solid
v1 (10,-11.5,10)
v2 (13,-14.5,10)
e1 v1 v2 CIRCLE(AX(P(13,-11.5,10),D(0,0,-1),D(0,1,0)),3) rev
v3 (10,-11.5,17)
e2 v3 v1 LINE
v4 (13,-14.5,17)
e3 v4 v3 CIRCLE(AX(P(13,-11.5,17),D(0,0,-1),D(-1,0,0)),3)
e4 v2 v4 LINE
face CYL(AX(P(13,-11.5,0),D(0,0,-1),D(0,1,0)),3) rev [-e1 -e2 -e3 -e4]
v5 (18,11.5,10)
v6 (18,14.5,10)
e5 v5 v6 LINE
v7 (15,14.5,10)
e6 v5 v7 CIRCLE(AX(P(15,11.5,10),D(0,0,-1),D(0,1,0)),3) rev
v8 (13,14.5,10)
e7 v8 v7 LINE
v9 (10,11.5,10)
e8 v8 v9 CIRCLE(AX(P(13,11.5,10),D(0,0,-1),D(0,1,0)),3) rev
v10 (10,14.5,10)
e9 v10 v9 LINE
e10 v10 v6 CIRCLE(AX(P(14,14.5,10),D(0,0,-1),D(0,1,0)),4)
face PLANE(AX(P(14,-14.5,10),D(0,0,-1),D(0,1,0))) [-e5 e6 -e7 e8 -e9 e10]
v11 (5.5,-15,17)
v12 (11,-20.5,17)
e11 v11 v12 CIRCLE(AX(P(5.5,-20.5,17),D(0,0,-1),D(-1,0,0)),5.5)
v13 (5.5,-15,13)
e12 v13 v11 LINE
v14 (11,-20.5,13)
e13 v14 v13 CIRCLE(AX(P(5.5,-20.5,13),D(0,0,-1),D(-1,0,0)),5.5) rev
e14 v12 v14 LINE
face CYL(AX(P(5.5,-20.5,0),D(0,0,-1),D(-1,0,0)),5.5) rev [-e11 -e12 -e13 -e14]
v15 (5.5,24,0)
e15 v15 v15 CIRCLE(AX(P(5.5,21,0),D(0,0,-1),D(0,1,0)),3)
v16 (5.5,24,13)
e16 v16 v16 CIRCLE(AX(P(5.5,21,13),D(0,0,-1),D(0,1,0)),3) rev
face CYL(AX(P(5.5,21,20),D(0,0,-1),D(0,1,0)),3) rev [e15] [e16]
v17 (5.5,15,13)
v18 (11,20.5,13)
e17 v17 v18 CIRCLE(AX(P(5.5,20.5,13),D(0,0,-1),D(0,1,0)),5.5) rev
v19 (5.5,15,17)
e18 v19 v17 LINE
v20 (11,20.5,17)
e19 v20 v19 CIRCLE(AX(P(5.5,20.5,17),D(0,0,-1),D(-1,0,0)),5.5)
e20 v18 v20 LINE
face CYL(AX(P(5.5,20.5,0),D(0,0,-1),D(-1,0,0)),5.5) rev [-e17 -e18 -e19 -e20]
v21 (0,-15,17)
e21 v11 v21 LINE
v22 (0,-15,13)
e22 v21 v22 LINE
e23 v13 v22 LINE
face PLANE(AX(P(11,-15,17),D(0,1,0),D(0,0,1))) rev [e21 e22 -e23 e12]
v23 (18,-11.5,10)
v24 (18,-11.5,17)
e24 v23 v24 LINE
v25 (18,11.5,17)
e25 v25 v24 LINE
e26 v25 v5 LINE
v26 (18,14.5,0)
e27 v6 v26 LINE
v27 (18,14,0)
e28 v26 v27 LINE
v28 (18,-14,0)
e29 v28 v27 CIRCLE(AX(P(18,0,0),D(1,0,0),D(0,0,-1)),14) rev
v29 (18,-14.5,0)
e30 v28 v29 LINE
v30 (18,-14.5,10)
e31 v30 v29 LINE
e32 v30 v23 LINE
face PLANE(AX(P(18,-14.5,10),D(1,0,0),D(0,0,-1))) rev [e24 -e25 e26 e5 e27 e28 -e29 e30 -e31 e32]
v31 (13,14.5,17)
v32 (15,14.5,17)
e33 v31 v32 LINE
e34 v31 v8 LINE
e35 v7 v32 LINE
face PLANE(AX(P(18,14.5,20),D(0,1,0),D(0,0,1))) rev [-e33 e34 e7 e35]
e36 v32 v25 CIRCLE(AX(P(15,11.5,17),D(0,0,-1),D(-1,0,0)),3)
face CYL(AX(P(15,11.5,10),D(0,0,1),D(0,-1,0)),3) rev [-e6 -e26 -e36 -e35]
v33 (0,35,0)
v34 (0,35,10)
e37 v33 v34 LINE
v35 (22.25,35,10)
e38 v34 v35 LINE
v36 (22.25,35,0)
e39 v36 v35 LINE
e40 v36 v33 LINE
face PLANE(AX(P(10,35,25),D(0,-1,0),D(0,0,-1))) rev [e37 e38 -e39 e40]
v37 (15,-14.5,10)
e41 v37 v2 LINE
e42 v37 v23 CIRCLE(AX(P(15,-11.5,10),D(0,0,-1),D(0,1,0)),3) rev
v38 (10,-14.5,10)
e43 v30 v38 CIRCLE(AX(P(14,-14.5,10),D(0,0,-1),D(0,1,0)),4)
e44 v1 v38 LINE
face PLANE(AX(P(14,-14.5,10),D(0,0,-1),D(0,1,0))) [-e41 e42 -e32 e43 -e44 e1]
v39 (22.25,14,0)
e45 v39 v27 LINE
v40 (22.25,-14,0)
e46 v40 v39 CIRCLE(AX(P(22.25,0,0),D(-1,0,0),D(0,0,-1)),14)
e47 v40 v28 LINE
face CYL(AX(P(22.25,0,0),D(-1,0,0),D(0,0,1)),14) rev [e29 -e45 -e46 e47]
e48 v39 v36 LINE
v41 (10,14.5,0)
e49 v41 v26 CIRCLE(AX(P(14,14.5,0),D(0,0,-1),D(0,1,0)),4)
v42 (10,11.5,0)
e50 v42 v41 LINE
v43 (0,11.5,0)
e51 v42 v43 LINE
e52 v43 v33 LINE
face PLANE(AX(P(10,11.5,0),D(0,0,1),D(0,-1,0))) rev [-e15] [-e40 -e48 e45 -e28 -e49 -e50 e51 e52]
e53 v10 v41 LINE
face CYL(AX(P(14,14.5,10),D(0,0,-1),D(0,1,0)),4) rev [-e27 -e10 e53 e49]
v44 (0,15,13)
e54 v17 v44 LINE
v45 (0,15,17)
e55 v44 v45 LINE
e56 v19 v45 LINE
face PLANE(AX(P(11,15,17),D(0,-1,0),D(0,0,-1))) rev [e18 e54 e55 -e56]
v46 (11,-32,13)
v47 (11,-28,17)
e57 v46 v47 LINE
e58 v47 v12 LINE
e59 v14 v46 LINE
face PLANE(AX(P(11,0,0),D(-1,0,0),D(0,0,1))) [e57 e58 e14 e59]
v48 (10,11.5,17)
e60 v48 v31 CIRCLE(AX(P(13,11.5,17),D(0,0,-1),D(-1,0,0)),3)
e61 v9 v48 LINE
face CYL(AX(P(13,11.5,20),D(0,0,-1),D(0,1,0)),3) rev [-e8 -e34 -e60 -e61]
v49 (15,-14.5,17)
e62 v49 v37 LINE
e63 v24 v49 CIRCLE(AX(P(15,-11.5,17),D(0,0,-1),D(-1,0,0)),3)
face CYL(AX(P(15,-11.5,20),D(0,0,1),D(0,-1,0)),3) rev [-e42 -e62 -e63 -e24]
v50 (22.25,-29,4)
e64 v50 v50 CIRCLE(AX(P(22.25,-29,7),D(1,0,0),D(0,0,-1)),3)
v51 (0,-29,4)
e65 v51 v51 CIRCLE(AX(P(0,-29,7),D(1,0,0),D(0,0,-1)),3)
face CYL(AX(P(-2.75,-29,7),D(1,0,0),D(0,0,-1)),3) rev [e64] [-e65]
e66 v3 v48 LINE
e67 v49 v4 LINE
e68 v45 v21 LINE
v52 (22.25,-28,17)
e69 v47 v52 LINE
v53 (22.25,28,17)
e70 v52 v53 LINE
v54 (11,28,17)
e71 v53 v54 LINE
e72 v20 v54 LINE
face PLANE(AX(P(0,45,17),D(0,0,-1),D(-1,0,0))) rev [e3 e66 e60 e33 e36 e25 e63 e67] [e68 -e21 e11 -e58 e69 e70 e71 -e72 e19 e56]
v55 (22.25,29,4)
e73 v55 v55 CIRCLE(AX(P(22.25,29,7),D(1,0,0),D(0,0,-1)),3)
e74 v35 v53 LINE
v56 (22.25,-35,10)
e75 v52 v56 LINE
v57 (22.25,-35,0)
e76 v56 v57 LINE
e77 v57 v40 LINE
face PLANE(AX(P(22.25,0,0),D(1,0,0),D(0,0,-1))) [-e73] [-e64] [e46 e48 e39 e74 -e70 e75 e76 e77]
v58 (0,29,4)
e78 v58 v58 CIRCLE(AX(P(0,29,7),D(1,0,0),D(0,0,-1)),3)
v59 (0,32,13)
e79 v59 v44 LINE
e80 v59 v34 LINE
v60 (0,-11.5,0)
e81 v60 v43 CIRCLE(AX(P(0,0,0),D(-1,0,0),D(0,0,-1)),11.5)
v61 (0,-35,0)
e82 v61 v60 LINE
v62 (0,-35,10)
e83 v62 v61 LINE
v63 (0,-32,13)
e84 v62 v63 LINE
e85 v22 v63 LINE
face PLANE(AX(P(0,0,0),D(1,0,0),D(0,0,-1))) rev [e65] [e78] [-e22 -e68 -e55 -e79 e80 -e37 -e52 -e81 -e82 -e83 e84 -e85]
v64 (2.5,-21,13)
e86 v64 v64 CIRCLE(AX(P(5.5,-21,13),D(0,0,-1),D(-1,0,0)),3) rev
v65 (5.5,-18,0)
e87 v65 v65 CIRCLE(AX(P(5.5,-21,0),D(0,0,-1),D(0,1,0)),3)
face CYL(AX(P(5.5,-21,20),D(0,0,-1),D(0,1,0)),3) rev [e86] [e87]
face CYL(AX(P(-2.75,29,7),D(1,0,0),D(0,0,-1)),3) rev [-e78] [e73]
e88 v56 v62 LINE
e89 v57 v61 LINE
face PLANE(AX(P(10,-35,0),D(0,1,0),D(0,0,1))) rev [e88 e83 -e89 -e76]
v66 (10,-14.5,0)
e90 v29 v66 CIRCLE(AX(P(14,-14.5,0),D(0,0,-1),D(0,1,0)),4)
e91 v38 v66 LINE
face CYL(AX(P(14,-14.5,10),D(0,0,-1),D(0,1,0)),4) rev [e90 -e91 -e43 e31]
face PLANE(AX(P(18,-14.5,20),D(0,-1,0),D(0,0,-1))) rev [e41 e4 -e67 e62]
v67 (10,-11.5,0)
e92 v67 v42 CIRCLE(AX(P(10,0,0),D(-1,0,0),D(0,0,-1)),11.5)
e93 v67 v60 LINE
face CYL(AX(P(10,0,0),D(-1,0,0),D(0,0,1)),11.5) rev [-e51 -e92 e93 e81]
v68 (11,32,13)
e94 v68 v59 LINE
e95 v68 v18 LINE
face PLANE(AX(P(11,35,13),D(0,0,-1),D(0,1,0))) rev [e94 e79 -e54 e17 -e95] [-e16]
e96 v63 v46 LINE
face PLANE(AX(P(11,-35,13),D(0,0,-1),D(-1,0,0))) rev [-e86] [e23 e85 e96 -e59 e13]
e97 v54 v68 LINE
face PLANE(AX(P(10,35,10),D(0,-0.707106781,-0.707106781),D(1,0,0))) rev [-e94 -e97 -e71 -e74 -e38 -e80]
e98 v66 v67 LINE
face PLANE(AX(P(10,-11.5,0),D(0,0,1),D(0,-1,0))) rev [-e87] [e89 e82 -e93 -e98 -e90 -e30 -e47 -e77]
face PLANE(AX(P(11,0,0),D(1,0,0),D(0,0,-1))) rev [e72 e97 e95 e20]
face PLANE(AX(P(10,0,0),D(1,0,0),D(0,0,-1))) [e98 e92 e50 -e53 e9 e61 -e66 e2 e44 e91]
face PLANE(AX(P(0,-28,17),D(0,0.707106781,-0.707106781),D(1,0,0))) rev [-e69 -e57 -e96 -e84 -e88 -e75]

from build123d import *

# Parameters (mm, degrees)
BOSS_EXTRUDE1_DEPTH = 10
BOSS_EXTRUDE2_DEPTH = 12.25
SKETCH3_W           = 22.25
SKETCH3_H           = 8
CUT_EXTRUDE1_DEPTH  = 80
SKETCH8_R           = 3
CUT_EXTRUDE4_DEPTH  = 25
CUT_EXTRUDE2_DEPTH  = 10
SKETCH7_W           = 8
SKETCH7_H           = 29
CUT_EXTRUDE3_DEPTH  = 10
FILLET1_R           = 3
SKETCH19_R          = 3
CUT_EXTRUDE5_DEPTH  = 20
SKETCH21_W          = 4
SKETCH21_H          = 20
CUT_EXTRUDE6_DEPTH  = 11
FILLET2_R           = 5.5
CHAMFER1_SIZE       = 7


with BuildPart() as part:
    # Sketch1 → Boss-Extrude1 (new body)
    with BuildSketch(Plane(origin=(0, 0, 0), x_dir=(0, 0, -1), z_dir=(1, 0, 0))):
        with BuildLine():
            Line((0, 11.5), (0, 35))
            Line((0, 35), (-25, 35))
            Line((-25, 35), (-25, -35))
            Line((-25, -35), (0, -35))
            Line((0, -35), (0, -11.5))
            ThreePointArc((0, -11.5), (-11.5, 0), (0, 11.5))
        make_face()
    extrude(amount=BOSS_EXTRUDE1_DEPTH)

    # Sketch2 → Boss-Extrude2 (add)
    with BuildSketch(Plane(origin=(10, 0, 0), x_dir=(0, 0, -1), z_dir=(1, 0, 0))):
        with BuildLine():
            Line((0, -14), (0, -35))
            Line((0, -35), (-25, -35))
            Line((-25, -35), (-25, 35))
            Line((-25, 35), (0, 35))
            Line((0, 35), (0, 14))
            ThreePointArc((0, 14), (-14, 0), (0, -14))
        make_face()
    extrude(amount=BOSS_EXTRUDE2_DEPTH)

    # Sketch3 → Cut-Extrude1 (cut)
    with BuildSketch(Plane.XZ.offset(35)):
        with Locations((11.125, 21)):
            Rectangle(SKETCH3_W, SKETCH3_H)
    extrude(amount=-CUT_EXTRUDE1_DEPTH, mode=Mode.SUBTRACT)

    # Sketch8 → Cut-Extrude4 (cut)
    with BuildSketch(Plane(origin=(22.25, 0, 0), x_dir=(0, 0, -1), z_dir=(1, 0, 0))):
        with Locations((-7, -29)):
            Circle(SKETCH8_R)
        with Locations((-7, 29)):
            Circle(SKETCH8_R)
    extrude(amount=-CUT_EXTRUDE4_DEPTH, mode=Mode.SUBTRACT)

    # Sketch6 → Cut-Extrude2 (cut)
    with BuildSketch(Plane(origin=(0, 0, 0), x_dir=(-1, 0, 0), z_dir=(0, 0, -1))):
        with BuildLine():
            Line((-18, -14.5), (-18, 14.5))
            ThreePointArc((-18, 14.5), (-14, 18.5), (-10, 14.5))
            Line((-10, 14.5), (-10, -14.5))
            ThreePointArc((-10, -14.5), (-14, -18.5), (-18, -14.5))
        make_face()
    extrude(amount=-CUT_EXTRUDE2_DEPTH, mode=Mode.SUBTRACT)

    # Sketch7 → Cut-Extrude3 (cut)
    with BuildSketch(Plane(origin=(0, 0, 10), x_dir=(-1, 0, 0), z_dir=(0, 0, -1))):
        with Locations((-14, 0)):
            Rectangle(SKETCH7_W, SKETCH7_H)
    extrude(amount=-CUT_EXTRUDE3_DEPTH, mode=Mode.SUBTRACT)

    # Fillet1
    fillet1_edges = [part.edges().sort_by_distance(p)[0] for p in [
        (18, 14.5, 13.5),
        (18, -14.5, 13.5),
        (10, 14.5, 13.5),
        (10, -14.5, 13.5),
    ]]
    fillet(fillet1_edges, radius=FILLET1_R)

    # Sketch19 → Cut-Extrude5 (cut)
    with BuildSketch(Plane(origin=(0, 0, 0), x_dir=(-1, 0, 0), z_dir=(0, 0, -1))):
        with Locations(Location((-5.5, -21, 0), (0, 0, 90))):
            Circle(SKETCH19_R)
        with Locations(Location((-5.5, 21, 0), (0, 0, 90))):
            Circle(SKETCH19_R)
    extrude(amount=-CUT_EXTRUDE5_DEPTH, mode=Mode.SUBTRACT)

    # Sketch21 → Cut-Extrude6 (cut)
    with BuildSketch(Plane.ZY):
        with Locations((15, -25)):
            Rectangle(SKETCH21_W, SKETCH21_H)
        with Locations((15, 25)):
            Rectangle(SKETCH21_W, SKETCH21_H)
    extrude(amount=-CUT_EXTRUDE6_DEPTH, mode=Mode.SUBTRACT)

    # Fillet2
    fillet2_edges = [part.edges().sort_by_distance(p)[0] for p in [
        (11, -15, 15),
        (11, 15, 15),
    ]]
    fillet(fillet2_edges, radius=FILLET2_R)

    # Chamfer1
    chamfer1_edges = [part.edges().sort_by_distance(p)[0] for p in [
        (16.625, -35, 17),
        (16.625, 35, 17),
    ]]
    chamfer(chamfer1_edges, length=CHAMFER1_SIZE)


solid = part.part
